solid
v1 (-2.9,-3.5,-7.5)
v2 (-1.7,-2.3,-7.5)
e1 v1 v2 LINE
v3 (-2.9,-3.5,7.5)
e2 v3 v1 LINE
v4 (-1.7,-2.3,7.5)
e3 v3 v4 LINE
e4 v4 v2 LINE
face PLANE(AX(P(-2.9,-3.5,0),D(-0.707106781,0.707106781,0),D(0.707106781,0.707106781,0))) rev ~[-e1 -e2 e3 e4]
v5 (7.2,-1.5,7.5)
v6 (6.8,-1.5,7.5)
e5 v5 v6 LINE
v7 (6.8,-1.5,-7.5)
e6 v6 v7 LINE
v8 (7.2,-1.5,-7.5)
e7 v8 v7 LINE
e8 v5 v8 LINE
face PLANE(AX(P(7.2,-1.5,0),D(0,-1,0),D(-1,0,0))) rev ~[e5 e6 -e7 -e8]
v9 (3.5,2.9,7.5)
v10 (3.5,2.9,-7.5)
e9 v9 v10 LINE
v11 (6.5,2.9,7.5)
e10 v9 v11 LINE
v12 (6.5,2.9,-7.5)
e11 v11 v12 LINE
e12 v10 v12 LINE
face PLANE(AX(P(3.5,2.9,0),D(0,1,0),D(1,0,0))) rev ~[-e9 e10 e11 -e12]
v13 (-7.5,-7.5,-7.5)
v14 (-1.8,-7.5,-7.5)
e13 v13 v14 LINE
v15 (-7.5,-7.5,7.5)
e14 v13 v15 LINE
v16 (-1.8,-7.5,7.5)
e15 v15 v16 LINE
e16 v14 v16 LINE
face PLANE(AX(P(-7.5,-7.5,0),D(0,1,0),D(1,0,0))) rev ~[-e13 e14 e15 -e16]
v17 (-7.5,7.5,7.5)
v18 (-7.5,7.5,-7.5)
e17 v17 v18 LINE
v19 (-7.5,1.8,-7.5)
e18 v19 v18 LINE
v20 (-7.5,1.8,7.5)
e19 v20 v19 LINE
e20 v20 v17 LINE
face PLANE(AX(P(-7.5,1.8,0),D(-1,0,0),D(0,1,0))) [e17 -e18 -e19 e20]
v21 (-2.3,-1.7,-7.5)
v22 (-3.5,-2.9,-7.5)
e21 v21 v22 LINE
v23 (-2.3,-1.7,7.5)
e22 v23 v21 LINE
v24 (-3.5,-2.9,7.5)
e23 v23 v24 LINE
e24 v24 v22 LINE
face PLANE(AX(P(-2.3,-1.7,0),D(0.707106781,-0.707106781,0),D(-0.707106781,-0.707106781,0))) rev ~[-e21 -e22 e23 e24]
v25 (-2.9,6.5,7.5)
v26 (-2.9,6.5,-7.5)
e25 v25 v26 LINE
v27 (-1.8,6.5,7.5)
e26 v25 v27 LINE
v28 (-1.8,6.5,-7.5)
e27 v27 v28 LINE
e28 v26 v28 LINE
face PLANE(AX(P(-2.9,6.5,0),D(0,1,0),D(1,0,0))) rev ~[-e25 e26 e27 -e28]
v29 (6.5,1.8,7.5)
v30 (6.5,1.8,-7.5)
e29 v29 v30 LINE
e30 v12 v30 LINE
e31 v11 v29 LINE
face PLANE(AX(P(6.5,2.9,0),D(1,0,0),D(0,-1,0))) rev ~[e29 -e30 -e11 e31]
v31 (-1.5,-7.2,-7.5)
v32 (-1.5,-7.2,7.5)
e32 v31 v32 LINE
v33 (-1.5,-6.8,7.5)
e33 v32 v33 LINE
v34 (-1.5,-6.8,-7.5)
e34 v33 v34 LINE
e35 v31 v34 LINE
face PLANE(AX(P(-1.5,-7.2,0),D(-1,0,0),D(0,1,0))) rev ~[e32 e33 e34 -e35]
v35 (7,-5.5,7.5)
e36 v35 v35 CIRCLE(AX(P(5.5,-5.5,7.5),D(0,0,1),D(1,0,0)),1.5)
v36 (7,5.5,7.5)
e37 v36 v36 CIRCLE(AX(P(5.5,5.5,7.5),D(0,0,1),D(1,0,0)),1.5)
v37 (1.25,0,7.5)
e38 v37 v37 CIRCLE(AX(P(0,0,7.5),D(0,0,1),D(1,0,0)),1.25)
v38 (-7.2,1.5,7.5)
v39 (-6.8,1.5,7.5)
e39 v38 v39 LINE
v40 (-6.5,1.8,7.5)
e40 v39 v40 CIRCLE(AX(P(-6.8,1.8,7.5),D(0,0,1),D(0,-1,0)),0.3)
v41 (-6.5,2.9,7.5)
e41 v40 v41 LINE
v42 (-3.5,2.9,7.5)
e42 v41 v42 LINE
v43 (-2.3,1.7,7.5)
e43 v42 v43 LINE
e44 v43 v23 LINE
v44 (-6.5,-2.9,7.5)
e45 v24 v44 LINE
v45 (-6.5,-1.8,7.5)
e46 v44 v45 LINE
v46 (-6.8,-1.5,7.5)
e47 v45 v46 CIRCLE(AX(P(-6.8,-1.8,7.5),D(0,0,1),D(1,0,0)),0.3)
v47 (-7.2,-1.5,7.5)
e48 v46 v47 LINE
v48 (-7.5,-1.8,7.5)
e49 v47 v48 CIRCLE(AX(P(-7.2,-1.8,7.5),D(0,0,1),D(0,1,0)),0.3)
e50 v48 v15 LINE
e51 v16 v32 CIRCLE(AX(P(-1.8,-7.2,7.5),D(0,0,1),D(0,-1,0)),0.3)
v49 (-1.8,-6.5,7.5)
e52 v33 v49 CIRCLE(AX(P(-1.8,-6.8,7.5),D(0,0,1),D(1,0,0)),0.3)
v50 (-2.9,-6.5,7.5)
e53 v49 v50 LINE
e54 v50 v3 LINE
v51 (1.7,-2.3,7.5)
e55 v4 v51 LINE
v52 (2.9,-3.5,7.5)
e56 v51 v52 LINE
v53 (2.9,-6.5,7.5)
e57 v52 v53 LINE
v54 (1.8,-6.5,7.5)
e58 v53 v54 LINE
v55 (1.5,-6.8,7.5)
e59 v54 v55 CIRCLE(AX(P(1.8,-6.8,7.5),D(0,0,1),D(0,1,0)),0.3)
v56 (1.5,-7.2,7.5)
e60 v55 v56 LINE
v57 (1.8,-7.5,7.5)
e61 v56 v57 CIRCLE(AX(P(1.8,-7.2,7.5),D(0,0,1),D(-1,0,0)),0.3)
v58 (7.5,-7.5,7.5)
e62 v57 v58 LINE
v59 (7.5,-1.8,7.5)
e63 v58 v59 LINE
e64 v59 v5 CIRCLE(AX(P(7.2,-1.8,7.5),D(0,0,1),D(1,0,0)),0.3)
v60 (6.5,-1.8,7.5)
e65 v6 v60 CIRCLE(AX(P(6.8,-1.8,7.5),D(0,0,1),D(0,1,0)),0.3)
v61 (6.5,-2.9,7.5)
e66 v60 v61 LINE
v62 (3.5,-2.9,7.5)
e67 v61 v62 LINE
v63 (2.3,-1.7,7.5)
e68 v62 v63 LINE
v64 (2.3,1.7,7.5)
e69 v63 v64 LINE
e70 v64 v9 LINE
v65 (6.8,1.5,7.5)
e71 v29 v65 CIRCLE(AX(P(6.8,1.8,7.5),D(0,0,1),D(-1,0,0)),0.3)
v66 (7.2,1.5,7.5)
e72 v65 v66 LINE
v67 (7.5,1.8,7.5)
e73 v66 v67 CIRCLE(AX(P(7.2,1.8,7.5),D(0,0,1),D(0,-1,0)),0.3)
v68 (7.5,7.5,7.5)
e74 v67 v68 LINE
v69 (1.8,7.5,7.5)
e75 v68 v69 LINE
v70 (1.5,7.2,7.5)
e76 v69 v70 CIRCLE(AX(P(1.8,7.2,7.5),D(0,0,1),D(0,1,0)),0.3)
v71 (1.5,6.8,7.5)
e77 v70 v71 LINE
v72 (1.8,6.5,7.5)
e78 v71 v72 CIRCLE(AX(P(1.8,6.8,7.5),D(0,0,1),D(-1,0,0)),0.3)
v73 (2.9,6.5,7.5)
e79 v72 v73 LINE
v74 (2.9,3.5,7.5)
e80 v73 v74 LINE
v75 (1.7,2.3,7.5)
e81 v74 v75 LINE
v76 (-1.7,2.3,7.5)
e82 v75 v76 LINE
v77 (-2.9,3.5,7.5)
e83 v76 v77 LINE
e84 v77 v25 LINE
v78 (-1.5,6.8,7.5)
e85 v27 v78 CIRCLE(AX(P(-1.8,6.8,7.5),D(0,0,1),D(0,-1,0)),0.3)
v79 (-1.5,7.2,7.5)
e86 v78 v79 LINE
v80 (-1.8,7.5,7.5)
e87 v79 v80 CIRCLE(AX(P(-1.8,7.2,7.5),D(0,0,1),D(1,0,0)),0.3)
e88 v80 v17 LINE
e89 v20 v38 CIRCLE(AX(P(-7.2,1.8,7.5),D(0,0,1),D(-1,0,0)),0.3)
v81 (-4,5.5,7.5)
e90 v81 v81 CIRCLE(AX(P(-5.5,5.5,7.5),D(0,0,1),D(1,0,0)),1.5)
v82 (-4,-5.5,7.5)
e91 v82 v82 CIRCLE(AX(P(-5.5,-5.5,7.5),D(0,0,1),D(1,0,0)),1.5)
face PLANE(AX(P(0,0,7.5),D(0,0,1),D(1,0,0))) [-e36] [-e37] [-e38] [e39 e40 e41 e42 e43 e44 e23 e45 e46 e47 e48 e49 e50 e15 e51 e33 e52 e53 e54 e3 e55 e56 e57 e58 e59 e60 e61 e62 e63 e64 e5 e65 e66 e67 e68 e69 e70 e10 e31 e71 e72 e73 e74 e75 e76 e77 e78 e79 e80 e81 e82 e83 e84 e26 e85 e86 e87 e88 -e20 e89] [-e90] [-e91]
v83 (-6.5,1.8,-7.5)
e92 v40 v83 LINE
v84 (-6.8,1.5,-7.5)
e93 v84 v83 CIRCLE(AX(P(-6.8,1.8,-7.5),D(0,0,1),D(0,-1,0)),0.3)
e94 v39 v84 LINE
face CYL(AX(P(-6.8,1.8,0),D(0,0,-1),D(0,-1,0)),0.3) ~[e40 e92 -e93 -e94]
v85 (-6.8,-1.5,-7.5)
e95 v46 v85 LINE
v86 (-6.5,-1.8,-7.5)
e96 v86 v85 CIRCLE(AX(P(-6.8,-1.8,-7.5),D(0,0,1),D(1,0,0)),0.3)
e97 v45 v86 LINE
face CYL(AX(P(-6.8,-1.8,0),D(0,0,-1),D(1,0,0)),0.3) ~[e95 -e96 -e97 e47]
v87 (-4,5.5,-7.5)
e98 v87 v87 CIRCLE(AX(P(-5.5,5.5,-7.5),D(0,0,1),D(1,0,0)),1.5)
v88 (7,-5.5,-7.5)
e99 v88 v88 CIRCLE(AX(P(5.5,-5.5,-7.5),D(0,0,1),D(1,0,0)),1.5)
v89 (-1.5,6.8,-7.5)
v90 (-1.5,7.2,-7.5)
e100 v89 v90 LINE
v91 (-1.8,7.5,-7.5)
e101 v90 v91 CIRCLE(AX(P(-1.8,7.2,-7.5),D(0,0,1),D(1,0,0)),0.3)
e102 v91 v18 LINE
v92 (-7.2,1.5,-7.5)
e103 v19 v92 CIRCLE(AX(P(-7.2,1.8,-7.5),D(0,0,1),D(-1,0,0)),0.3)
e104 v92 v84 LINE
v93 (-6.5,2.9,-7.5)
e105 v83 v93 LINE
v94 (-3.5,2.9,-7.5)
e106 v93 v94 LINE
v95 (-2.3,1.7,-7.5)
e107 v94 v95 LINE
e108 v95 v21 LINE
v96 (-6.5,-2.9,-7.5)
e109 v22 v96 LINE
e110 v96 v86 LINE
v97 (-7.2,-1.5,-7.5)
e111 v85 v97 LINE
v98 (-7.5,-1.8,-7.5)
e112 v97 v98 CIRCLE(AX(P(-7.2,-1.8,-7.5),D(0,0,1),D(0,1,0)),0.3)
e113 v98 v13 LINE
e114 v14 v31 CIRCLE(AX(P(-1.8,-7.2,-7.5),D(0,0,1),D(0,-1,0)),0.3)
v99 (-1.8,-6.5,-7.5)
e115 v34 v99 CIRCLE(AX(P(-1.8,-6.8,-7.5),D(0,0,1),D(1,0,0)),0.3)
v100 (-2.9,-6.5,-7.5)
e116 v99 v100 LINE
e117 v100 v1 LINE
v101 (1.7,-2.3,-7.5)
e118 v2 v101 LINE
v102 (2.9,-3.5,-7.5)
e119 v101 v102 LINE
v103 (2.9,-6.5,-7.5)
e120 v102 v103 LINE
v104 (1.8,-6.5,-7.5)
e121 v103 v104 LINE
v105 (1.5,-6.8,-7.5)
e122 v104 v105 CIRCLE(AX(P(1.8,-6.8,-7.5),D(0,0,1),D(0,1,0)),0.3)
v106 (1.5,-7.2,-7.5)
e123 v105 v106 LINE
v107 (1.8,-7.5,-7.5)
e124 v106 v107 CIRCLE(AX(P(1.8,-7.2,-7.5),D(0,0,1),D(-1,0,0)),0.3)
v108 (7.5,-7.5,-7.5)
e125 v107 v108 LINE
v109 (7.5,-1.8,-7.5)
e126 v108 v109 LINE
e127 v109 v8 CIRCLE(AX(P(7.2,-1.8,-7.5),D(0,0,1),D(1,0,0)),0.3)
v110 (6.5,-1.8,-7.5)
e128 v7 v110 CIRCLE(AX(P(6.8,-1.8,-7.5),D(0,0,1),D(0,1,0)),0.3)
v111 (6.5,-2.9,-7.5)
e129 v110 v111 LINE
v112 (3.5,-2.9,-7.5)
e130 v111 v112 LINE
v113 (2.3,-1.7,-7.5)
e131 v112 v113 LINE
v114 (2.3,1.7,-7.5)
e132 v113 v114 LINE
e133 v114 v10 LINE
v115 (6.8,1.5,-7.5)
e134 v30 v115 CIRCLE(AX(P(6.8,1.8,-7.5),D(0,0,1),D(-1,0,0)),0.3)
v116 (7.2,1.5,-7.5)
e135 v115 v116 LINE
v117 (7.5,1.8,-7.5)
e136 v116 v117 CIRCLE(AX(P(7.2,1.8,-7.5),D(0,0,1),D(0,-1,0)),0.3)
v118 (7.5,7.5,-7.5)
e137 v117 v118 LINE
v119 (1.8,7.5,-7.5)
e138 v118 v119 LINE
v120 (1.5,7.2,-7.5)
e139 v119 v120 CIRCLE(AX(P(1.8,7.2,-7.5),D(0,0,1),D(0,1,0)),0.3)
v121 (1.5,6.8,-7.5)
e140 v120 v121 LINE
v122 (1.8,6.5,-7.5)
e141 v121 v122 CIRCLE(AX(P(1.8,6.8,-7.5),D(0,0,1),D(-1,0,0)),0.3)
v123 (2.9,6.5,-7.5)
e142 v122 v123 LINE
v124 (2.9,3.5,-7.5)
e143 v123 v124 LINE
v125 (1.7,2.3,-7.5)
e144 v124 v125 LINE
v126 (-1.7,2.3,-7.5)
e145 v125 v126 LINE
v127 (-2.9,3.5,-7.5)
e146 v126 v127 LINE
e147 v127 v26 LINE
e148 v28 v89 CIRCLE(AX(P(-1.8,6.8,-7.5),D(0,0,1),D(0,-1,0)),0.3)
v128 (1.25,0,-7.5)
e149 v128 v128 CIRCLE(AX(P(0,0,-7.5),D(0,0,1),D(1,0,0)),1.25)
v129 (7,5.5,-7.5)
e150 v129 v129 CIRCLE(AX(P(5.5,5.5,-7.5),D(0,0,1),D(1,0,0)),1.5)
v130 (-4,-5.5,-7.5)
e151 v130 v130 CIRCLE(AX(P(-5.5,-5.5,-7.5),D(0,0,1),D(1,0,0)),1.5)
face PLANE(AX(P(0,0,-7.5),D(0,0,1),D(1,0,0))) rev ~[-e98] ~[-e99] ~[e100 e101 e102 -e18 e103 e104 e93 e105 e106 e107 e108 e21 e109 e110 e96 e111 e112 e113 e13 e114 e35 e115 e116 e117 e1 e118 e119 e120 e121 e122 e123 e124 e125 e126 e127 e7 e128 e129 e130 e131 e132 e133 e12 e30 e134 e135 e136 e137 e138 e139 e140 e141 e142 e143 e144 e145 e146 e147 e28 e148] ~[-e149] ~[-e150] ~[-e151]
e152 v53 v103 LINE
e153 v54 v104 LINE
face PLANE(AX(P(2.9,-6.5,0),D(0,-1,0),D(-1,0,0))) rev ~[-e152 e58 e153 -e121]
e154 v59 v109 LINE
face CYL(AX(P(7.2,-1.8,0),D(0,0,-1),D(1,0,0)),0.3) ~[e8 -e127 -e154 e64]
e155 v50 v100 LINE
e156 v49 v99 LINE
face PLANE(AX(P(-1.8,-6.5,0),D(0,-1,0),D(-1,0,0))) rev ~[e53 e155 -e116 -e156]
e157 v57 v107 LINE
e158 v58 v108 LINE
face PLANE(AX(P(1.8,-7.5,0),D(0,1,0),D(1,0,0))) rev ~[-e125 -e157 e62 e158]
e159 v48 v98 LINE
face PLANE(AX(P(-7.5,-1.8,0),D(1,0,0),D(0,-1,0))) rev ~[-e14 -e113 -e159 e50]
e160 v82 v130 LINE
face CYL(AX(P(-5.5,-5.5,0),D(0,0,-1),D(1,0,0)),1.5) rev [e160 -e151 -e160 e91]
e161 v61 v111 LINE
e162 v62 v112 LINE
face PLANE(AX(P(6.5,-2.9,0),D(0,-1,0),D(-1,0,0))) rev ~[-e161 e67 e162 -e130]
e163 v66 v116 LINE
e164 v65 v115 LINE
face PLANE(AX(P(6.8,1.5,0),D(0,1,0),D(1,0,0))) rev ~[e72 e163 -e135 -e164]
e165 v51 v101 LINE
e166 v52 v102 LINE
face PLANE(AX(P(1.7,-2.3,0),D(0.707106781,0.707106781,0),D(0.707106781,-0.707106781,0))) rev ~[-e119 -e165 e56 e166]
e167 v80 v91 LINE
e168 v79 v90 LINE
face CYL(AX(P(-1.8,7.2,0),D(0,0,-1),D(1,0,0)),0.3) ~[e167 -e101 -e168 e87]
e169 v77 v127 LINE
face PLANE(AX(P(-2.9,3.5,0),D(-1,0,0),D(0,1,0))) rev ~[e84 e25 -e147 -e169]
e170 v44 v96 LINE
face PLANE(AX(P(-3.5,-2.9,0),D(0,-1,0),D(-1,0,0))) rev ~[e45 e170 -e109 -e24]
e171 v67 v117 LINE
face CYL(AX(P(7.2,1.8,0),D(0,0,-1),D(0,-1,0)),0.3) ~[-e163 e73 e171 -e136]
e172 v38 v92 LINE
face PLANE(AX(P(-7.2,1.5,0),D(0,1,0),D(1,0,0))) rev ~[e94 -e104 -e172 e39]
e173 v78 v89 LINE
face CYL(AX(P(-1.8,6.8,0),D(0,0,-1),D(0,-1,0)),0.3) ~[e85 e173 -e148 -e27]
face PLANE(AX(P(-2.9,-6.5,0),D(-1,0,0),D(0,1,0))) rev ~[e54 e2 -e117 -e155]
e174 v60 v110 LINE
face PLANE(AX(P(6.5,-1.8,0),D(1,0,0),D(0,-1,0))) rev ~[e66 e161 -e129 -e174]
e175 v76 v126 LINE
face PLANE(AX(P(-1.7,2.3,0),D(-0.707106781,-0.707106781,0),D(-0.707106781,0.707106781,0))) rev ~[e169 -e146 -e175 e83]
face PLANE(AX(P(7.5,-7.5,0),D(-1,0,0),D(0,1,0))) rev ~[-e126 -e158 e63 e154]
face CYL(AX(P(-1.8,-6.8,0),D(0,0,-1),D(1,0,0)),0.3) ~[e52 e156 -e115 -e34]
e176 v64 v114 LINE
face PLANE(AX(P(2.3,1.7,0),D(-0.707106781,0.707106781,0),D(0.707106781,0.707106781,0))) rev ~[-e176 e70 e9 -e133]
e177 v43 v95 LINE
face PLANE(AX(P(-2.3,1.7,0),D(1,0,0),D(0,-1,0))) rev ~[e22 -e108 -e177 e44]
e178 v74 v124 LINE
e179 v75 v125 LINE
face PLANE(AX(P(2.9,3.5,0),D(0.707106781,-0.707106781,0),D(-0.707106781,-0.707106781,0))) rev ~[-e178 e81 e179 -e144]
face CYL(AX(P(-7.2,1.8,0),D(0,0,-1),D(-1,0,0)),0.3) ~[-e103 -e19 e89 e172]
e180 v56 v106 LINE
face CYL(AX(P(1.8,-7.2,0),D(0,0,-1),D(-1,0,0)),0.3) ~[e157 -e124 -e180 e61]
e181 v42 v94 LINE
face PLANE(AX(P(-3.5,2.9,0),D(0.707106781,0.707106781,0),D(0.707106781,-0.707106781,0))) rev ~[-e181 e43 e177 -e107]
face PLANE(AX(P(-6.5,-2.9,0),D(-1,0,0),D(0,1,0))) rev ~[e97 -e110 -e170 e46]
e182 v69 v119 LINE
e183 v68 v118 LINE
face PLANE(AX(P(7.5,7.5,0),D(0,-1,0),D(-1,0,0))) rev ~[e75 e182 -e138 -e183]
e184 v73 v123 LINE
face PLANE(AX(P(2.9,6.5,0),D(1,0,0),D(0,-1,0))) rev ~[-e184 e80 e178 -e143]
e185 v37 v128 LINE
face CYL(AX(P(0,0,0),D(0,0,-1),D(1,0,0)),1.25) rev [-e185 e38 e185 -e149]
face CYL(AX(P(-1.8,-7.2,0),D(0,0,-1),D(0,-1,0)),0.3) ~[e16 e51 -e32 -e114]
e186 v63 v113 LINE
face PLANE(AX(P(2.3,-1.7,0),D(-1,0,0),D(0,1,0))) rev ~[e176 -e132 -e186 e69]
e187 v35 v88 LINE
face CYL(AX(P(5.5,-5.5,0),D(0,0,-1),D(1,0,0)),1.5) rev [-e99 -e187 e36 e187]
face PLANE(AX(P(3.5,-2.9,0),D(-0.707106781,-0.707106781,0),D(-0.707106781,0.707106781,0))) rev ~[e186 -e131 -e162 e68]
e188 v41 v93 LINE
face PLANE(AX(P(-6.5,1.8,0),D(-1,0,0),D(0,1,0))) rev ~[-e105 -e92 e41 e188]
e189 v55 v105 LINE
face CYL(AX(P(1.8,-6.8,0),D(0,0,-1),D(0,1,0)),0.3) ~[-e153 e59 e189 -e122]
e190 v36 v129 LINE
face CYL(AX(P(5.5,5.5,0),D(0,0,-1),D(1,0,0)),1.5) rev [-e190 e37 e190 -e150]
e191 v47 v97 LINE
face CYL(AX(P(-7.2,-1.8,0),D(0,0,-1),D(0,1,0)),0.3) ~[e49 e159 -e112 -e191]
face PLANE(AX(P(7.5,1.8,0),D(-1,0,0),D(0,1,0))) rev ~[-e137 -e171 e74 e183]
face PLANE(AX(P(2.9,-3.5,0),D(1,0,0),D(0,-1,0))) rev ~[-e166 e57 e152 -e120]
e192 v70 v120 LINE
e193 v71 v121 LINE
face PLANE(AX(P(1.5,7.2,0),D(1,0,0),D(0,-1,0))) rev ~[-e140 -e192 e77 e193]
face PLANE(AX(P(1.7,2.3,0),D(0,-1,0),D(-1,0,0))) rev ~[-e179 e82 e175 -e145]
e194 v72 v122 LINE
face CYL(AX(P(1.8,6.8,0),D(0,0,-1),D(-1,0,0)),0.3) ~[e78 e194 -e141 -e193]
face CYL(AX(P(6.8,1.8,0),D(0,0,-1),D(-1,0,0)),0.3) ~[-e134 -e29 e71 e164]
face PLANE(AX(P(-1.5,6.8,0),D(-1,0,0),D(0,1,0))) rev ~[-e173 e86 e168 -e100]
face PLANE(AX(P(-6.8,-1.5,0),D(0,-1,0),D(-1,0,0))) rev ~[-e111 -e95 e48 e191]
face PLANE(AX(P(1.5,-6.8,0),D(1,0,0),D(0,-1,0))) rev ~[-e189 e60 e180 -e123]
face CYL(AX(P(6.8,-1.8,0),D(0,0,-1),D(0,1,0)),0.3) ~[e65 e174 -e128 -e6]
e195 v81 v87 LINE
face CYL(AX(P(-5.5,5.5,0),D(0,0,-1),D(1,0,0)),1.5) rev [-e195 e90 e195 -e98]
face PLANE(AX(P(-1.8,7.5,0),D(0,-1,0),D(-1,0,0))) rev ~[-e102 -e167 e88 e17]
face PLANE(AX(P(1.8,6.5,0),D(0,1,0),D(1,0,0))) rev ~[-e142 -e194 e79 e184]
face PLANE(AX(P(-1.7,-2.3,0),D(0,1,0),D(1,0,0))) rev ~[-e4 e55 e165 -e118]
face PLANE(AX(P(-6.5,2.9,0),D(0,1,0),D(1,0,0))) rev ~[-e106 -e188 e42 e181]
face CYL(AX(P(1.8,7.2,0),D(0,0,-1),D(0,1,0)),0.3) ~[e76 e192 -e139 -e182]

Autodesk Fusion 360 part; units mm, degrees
sketch "Cross Section" plane through (0, 0, 0) normal (0, 0, 1) x (1, 0, 0)
  line L0 (-7.5, -7.5) -> (7.5, -7.5)
  line L1 (7.5, -7.5) -> (7.5, 7.5)
  line L2 (7.5, 7.5) -> (-7.5, 7.5)
  line L3 (-7.5, -1.8) -> (-7.5, -7.5)
  line L4 (-7.5, -7.5) -> (7.5, 7.5) construction
  line L5 (7.5, -7.5) -> (-7.5, 7.5) construction
  line L6 (-7.2, 1.5) -> (-6.8, 1.5)
  line L7 (-6.5, 1.8) -> (-6.5, 2.9)
  line L8 (-6.5, 2.9) -> (-3.5, 2.9)
  line L9 (-3.5, 2.9) -> (-2.3, 1.7)
  line L10 (-2.3, 1.7) -> (-2.3, -1.7)
  line L11 (-2.3, -1.7) -> (-3.5, -2.9)
  line L12 (-3.5, -2.9) -> (-6.5, -2.9)
  line L13 (-6.5, -2.9) -> (-6.5, -1.8)
  line L14 (-6.8, -1.5) -> (-7.2, -1.5)
  line L15 (-2.3, 0) -> (-7.5, 0) construction
  circle A0 centre (0, 0) radius 1.25
  circle A1 centre (-5.5, 5.5) radius 1.5
  line L16 (-7.5, -7.5) -> (-7.5, -1.5)
  line L17 (-7.5, 1.8) -> (-7.5, 7.5)
  arc A2 (-7.5, 1.8) -> (-7.2, 1.5) centre (-7.2, 1.8) ccw
  arc A3 (-6.8, 1.5) -> (-6.5, 1.8) centre (-6.8, 1.8) ccw
  arc A4 (-6.5, -1.8) -> (-6.8, -1.5) centre (-6.8, -1.8) ccw
  arc A5 (-7.2, -1.5) -> (-7.5, -1.8) centre (-7.2, -1.8) ccw
  arc A6 (-1.8, -7.5) -> (-1.5, -7.2) centre (-1.8, -7.2) ccw
  line L18 (-1.5, -7.2) -> (-1.5, -6.8)
  line L19 (2.9, -6.5) -> (1.8, -6.5)
  arc A7 (1.8, -6.5) -> (1.5, -6.8) centre (1.8, -6.8) ccw
  line L20 (1.5, -6.8) -> (1.5, -7.2)
  arc A8 (1.5, -7.2) -> (1.8, -7.5) centre (1.8, -7.2) ccw
  line L21 (2.9, -3.5) -> (2.9, -6.5)
  line L22 (1.7, -2.3) -> (2.9, -3.5)
  line L23 (-1.7, -2.3) -> (1.7, -2.3)
  line L24 (-2.9, -3.5) -> (-1.7, -2.3)
  line L25 (-2.9, -6.5) -> (-2.9, -3.5)
  line L26 (-1.8, -6.5) -> (-2.9, -6.5)
  arc A9 (-1.5, -6.8) -> (-1.8, -6.5) centre (-1.8, -6.8) ccw
  line L27 (7.5, -7.5) -> (1.5, -7.5)
  line L28 (-1.8, -7.5) -> (-7.5, -7.5)
  circle A10 centre (-5.5, -5.5) radius 1.5
  arc A11 (7.5, -1.8) -> (7.2, -1.5) centre (7.2, -1.8) ccw
  line L29 (7.2, -1.5) -> (6.8, -1.5)
  line L30 (6.5, 2.9) -> (6.5, 1.8)
  arc A12 (6.5, 1.8) -> (6.8, 1.5) centre (6.8, 1.8) ccw
  line L31 (6.8, 1.5) -> (7.2, 1.5)
  arc A13 (7.2, 1.5) -> (7.5, 1.8) centre (7.2, 1.8) ccw
  line L32 (3.5, 2.9) -> (6.5, 2.9)
  line L33 (2.3, 1.7) -> (3.5, 2.9)
  line L34 (2.3, -1.7) -> (2.3, 1.7)
  line L35 (3.5, -2.9) -> (2.3, -1.7)
  line L36 (6.5, -2.9) -> (3.5, -2.9)
  line L37 (6.5, -1.8) -> (6.5, -2.9)
  arc A14 (6.8, -1.5) -> (6.5, -1.8) centre (6.8, -1.8) ccw
  line L38 (7.5, 7.5) -> (7.5, 1.5)
  line L39 (7.5, -1.8) -> (7.5, -7.5)
  circle A15 centre (5.5, -5.5) radius 1.5
  arc A16 (1.8, 7.5) -> (1.5, 7.2) centre (1.8, 7.2) ccw
  line L40 (1.5, 7.2) -> (1.5, 6.8)
  line L41 (-2.9, 6.5) -> (-1.8, 6.5)
  arc A17 (-1.8, 6.5) -> (-1.5, 6.8) centre (-1.8, 6.8) ccw
  line L42 (-1.5, 6.8) -> (-1.5, 7.2)
  arc A18 (-1.5, 7.2) -> (-1.8, 7.5) centre (-1.8, 7.2) ccw
  line L43 (-2.9, 3.5) -> (-2.9, 6.5)
  line L44 (-1.7, 2.3) -> (-2.9, 3.5)
  line L45 (1.7, 2.3) -> (-1.7, 2.3)
  line L46 (2.9, 3.5) -> (1.7, 2.3)
  line L47 (2.9, 6.5) -> (2.9, 3.5)
  line L48 (1.8, 6.5) -> (2.9, 6.5)
  arc A19 (1.5, 6.8) -> (1.8, 6.5) centre (1.8, 6.8) ccw
  line L49 (-7.5, 7.5) -> (-1.5, 7.5)
  line L50 (1.8, 7.5) -> (7.5, 7.5)
  circle A20 centre (5.5, 5.5) radius 1.5
  dimension "d2" = 3
  dimension "d3" = 5.2
  dimension "d4" = 5.8
  dimension "d5" = 7.5
  dimension "d6" = 1
  dimension "d7" = 135
  dimension "d8" = 3
  dimension "d9" = 7.5
  dimension "d10" = 2.5
  dimension "d11" = 3
  dimension "d12" = 2
  dimension "d47" = 15
  dimension "d50" = 0.3
  dimension "d52" = 360
extrude "Extrude1" add sketch "Cross Section" along normal mid plane 15 contours L0 L1 L2 L3 L6 L7 L8 L9 L10 L11 L12 L13 L14 L16 L17 A2 A3 A4 A5 A6 L18 L19 A7 L20 A8 L21 L22 L23 L24 L25 L26 A9 L27 L28 A11 L29 L30 A12 L31 A13 L32 L33 L34 L35 L36 L37 A14 L38 L39 A16 L40 L41 A17 L42 A18 L43 L44 L45 L46 L47 L48 A19 L49 L50
equation "Extrusion_Length = 15 mm"
equation "d20 = Extrusion_Length"
